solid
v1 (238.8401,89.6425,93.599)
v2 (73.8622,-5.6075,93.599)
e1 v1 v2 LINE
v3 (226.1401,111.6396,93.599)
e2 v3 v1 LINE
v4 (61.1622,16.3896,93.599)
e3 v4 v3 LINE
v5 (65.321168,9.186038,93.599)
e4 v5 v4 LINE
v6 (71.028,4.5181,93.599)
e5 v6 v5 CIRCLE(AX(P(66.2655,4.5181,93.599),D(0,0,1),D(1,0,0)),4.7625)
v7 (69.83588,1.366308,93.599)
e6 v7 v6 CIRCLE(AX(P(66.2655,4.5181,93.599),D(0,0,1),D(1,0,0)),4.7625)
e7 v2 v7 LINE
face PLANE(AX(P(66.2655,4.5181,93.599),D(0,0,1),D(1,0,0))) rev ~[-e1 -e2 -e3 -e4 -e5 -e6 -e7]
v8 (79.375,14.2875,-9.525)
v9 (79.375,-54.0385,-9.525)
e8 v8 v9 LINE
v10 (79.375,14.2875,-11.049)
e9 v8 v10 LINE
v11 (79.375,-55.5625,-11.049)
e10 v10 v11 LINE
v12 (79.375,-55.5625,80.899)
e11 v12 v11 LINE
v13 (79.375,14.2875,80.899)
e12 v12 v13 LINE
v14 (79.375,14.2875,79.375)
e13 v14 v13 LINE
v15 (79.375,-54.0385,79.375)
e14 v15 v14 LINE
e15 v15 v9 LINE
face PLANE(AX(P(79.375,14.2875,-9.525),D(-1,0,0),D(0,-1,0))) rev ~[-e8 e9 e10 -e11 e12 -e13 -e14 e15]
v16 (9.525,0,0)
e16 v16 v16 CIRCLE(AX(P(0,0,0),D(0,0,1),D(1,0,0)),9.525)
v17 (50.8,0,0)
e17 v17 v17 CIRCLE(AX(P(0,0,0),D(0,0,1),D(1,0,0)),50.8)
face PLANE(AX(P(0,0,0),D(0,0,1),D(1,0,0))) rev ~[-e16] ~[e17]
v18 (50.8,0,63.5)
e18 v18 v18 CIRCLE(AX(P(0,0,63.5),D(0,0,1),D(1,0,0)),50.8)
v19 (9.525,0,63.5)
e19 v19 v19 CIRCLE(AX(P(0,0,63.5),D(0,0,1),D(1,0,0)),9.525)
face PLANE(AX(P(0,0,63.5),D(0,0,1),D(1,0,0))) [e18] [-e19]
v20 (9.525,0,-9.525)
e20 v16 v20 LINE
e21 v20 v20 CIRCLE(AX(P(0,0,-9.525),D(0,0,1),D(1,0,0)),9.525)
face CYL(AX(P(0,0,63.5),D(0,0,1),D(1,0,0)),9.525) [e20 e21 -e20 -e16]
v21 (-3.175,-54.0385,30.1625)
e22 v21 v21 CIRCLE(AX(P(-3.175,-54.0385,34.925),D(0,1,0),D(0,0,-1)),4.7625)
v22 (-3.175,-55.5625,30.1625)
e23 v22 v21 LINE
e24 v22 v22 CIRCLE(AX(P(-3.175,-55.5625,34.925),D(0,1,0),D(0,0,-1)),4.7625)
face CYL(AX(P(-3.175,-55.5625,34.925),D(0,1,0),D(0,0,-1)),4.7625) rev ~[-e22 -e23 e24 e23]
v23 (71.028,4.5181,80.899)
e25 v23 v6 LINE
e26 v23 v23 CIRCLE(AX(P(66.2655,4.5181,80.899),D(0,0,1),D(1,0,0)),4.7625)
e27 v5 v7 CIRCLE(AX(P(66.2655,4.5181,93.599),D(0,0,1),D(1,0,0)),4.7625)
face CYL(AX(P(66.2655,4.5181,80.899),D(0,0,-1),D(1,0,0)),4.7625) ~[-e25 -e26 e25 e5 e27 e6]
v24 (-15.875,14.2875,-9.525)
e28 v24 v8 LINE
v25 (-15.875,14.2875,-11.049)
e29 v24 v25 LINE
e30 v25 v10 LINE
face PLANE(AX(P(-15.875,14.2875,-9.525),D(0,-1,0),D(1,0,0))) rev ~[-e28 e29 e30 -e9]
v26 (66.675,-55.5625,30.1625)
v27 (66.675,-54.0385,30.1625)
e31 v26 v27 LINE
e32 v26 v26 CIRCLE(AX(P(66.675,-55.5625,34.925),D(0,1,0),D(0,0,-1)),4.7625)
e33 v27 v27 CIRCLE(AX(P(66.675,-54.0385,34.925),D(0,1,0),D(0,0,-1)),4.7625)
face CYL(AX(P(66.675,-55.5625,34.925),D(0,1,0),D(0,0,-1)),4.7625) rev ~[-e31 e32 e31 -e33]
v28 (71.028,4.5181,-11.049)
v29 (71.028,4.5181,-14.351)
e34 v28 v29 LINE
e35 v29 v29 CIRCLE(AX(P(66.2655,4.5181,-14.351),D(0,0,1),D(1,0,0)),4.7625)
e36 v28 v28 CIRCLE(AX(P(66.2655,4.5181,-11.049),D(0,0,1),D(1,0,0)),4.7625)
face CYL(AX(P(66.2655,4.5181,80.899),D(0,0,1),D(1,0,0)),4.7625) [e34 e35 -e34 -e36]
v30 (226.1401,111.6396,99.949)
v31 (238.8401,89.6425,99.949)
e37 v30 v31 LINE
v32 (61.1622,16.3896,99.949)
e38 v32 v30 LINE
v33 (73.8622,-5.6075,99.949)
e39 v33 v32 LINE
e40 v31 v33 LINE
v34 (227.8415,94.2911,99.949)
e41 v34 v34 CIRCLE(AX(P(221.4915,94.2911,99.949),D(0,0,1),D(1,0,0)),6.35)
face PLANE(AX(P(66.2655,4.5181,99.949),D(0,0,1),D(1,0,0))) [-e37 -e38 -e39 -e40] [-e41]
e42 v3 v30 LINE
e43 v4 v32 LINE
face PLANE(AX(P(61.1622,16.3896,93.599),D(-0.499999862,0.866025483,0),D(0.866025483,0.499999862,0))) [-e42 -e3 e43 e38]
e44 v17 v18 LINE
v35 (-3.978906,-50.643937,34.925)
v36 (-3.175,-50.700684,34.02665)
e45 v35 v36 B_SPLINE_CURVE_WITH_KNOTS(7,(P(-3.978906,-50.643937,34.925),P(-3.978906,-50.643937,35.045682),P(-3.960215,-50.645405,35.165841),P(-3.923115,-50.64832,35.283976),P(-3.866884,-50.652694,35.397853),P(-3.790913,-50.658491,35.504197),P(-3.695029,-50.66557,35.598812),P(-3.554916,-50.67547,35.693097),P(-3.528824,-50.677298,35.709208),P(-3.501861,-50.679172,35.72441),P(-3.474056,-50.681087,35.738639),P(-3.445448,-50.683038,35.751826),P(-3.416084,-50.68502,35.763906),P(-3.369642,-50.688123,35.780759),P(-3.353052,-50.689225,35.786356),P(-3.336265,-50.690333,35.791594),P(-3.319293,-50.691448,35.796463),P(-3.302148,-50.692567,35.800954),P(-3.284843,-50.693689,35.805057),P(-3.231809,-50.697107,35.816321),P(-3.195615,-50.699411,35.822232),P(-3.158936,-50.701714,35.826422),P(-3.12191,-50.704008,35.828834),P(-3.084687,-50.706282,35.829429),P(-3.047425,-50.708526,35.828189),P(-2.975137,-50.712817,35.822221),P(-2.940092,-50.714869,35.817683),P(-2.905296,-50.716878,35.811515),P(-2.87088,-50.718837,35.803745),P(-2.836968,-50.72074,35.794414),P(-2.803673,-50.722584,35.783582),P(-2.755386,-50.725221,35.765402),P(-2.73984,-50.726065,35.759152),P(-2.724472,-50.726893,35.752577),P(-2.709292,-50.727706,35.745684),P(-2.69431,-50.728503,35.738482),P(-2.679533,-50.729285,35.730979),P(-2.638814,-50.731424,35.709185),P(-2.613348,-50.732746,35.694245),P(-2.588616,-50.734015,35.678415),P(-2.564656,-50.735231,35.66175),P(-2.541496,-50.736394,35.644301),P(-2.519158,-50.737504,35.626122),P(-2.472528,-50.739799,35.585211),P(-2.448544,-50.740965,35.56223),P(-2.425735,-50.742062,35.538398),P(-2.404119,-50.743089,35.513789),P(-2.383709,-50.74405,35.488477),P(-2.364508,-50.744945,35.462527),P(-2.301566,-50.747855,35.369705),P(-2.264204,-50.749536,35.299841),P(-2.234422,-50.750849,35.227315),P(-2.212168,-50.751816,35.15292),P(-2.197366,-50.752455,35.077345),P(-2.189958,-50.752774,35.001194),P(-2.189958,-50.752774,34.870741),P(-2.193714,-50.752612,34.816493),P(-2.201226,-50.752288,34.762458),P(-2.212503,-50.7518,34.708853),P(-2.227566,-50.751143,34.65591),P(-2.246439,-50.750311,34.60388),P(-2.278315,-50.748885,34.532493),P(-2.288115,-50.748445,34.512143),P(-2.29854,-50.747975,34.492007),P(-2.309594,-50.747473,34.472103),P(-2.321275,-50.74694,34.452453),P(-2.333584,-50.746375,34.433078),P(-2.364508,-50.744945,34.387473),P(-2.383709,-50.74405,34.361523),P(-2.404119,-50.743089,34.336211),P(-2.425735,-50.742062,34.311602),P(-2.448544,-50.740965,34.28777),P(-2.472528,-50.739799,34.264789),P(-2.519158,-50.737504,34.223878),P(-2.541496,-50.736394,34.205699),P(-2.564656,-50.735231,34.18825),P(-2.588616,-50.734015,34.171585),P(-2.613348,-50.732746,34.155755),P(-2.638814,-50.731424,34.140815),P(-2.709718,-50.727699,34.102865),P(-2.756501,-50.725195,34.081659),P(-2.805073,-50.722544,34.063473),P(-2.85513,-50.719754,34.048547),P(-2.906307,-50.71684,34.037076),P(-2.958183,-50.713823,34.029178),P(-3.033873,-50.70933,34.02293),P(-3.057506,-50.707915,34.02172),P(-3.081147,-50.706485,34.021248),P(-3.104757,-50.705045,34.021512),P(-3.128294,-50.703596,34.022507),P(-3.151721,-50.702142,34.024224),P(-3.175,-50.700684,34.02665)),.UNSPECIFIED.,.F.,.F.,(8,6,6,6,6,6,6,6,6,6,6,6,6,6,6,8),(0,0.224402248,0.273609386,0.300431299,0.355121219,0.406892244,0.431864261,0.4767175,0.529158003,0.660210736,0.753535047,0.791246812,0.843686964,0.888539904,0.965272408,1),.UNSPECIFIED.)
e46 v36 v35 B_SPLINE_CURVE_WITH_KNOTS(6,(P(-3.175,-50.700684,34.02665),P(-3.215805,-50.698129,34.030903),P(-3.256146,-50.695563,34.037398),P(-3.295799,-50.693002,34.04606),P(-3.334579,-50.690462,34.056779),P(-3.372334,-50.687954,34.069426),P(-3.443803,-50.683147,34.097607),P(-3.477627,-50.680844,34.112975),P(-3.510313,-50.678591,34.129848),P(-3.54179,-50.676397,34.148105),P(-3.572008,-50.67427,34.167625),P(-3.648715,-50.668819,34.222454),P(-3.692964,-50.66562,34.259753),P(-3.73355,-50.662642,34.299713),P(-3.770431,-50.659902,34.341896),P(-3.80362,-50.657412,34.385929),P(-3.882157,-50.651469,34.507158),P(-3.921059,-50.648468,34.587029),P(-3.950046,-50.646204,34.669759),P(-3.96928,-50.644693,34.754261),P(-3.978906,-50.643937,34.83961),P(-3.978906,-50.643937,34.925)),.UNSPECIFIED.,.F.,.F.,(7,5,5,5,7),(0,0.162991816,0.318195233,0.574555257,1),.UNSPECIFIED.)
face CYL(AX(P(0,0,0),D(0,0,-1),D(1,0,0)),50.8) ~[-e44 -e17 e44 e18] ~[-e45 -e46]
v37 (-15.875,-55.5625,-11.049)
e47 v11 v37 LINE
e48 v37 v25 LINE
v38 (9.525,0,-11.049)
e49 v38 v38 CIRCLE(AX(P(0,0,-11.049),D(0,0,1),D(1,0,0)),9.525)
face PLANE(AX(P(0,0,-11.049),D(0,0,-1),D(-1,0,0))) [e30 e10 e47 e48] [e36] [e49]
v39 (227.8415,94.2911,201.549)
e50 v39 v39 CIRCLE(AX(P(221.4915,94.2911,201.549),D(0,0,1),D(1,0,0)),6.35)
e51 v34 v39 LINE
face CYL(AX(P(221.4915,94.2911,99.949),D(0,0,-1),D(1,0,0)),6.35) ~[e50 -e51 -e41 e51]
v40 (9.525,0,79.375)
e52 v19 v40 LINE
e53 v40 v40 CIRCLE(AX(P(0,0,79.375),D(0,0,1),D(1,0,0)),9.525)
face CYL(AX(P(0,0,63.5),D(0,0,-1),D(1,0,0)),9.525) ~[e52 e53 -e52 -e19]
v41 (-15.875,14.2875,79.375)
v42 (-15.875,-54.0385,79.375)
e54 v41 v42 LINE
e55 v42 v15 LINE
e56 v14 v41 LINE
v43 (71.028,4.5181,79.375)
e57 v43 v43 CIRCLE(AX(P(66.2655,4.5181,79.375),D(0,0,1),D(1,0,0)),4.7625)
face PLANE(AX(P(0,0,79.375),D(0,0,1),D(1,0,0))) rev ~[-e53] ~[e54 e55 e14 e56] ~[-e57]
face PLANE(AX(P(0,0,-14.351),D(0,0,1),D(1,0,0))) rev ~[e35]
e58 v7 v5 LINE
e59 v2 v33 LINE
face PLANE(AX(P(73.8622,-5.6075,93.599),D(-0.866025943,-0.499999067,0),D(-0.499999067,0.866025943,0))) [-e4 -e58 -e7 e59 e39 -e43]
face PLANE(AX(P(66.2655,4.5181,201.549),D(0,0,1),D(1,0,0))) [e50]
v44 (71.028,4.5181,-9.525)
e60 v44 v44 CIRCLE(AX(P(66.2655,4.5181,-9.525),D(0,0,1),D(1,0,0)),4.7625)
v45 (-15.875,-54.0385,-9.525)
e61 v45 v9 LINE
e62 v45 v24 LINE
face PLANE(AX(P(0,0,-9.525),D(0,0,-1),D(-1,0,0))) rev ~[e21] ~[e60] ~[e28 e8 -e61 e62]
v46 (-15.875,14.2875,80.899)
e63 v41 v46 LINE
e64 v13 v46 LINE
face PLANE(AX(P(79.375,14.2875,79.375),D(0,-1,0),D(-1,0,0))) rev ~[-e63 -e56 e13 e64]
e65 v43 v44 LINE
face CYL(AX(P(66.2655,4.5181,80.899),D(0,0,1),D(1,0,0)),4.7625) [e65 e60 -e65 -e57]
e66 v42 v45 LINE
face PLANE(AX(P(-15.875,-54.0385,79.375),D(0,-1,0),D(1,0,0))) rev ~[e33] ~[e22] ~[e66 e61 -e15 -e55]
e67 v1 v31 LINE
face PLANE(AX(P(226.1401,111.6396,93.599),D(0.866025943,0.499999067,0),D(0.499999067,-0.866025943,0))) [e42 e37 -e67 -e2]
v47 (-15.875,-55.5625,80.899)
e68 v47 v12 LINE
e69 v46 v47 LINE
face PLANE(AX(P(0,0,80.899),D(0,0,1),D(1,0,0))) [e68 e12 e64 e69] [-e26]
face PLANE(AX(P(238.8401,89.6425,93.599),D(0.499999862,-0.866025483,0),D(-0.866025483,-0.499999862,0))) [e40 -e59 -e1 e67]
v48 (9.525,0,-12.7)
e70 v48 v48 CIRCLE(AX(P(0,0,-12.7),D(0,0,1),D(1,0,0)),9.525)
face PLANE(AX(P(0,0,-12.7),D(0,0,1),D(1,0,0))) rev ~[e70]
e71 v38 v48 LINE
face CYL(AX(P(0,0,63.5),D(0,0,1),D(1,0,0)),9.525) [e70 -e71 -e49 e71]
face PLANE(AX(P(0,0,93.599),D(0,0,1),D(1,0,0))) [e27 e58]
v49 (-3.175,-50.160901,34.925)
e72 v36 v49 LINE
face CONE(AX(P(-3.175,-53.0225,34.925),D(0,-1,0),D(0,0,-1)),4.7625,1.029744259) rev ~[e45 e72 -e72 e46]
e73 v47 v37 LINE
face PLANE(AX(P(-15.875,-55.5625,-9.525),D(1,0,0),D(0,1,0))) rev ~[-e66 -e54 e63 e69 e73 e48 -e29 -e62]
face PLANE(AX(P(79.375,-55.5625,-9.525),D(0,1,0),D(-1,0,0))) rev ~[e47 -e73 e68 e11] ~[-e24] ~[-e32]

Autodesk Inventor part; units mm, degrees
ref_plane "YZ Plane" through (0, 0, 0) normal (1, 0, 0) x (0, 1, 0)
ref_plane "XZ Plane" through (0, 0, 0) normal (0, 1, 0) x (-1, 0, 0)
ref_plane "XY Plane" through (0, 0, 0) normal (0, 0, 1) x (1, 0, 0)
sketch "Sketch1" plane through (0, 0, 0) normal (0, 0, 1) x (1, 0, 0)
  circle A0 centre (0, 0) radius 50.8
  dimension "d0" = 101.6
extrude "Extrusion1" add sketch "Sketch1" along normal blind 63.5
sketch "Sketch2" plane through (0, 0, 63.5) normal (0, 0, 1) x (1, 0, 0)
  circle A0 centre (0, 0) radius 50.8 projected
  circle A1 centre (0, 0) radius 9.525
  dimension "d5" = 19.05
extrude "Extrusion2" add sketch "Sketch2" along normal blind 15.875 and the other way blind 76.2 contours A1
sketch "Sketch3" plane through (0, 0, 79.375) normal (0, 0, 1) x (1, 0, 0)
  line L0 (-15.875, -55.5625) -> (79.375, -55.5625)
  line L1 (79.375, -55.5625) -> (79.375, 14.2875)
  line L2 (79.375, 14.2875) -> (-15.875, 14.2875)
  line L3 (-15.875, 14.2875) -> (-15.875, -55.5625)
  dimension "d11" = 95.25
  dimension "d13" = 69.85
extrude "Extrusion3" add sketch "Sketch3" along normal blind 1.524
sketch "Sketch4" plane through (0, 0, 79.375) normal (0, 0, -1) x (-1, 0, 0)
  line L0 (15.875, -55.5625) -> (-79.375, -55.5625) projected
  line L1 (15.875, 14.2875) -> (15.875, -55.5625) projected
  line L2 (-79.375, -55.5625) -> (15.875, -55.5625)
  line L3 (15.875, -55.5625) -> (15.875, -54.0385)
  line L4 (15.875, -54.0385) -> (-79.375, -54.0385)
  line L5 (-79.375, -54.0385) -> (-79.375, -55.5625)
  point P0 (-79.375, 14.2875)
  dimension "d16" = 1.524
  dimension "d47" = 69.85
  dimension "d48" = 95.25
extrude "Extrusion4" add sketch "Sketch4" along normal blind 88.9
sketch "Sketch5" plane through (0, 0, -9.525) normal (0, 0, -1) x (-1, 0, 0)
  line L0 (-79.375, -55.5625) -> (15.875, -55.5625)
  line L1 (15.875, -55.5625) -> (15.875, 14.2875)
  line L2 (15.875, 14.2875) -> (-79.375, 14.2875)
  line L3 (-79.375, 14.2875) -> (-79.375, -55.5625)
  point P0 (0, 0)
extrude "Extrusion5" add sketch "Sketch5" along normal blind 1.524
sketch "Sketch6" plane through (0, 0, 80.899) normal (0, 0, 1) x (1, 0, 0)
  circle A0 centre (66.2655, 4.5181) radius 4.7625
  point P0 (0, 0)
  dimension "d21" = 9.525
extrude "Extrusion6" add sketch "Sketch6" along normal blind 12.7 and the other way blind 95.25
sketch "Sketch7" plane through (66.2655, 4.5181, 93.599) normal (0, 0, 1) x (1, 0, 0)
  line L0 (-5.1033, 11.8715) -> (159.8746, 107.1215)
  line L1 (159.8746, 107.1215) -> (172.5746, 85.1244)
  line L2 (172.5746, 85.1244) -> (7.5967, -10.1256)
  line L3 (7.5967, -10.1256) -> (-5.1033, 11.8715)
  line L4 (0, 0) -> (168.275, 0) construction
  point P0 (-66.2655, -4.5181)
  dimension "d29" = 25.4
  dimension "d30" = 190.5
  dimension "d40" = 30
extrude "Extrusion7" add sketch "Sketch7" along normal blind 6.35
sketch "Sketch8" plane through (66.2655, 4.5181, 99.949) normal (0, 0, 1) x (1, 0, 0)
  line L0 (172.5746, 85.1244) -> (159.8746, 107.1215) projected
  circle A0 centre (155.226, 89.773) radius 6.35
  point P0 (-66.2655, -4.5181)
  dimension "d43" = 12.7
  dimension "d44" = 12.7
extrude "Extrusion8" add sketch "Sketch8" along normal blind 101.6
sketch "Sketch9" plane through (-15.875, -55.5625, 80.899) normal (0, -1, 0) x (1, 0, 0)
  line L0 (0, 0) -> (0, -91.948) projected
  line L1 (95.25, -91.948) -> (0, -91.948) projected
  circle A0 centre (12.7, -45.974) radius 4.7625
  circle A1 centre (82.55, -45.974) radius 4.7625
  point P0 (15.875, -80.899)
  dimension "d49" = 91.948
  dimension "d50" = 95.25
  dimension "d51" = 9.525
  dimension "d52" = 12.7
  dimension "d55" = 69.85
hole "Hole1" at (66.675, -55.5625, 34.925) at (-3.175, -55.5625, 34.925) direction (0, 1, 0) diameter 9.525 depth 2.54 tip angle 118
properties part number "0winch"
